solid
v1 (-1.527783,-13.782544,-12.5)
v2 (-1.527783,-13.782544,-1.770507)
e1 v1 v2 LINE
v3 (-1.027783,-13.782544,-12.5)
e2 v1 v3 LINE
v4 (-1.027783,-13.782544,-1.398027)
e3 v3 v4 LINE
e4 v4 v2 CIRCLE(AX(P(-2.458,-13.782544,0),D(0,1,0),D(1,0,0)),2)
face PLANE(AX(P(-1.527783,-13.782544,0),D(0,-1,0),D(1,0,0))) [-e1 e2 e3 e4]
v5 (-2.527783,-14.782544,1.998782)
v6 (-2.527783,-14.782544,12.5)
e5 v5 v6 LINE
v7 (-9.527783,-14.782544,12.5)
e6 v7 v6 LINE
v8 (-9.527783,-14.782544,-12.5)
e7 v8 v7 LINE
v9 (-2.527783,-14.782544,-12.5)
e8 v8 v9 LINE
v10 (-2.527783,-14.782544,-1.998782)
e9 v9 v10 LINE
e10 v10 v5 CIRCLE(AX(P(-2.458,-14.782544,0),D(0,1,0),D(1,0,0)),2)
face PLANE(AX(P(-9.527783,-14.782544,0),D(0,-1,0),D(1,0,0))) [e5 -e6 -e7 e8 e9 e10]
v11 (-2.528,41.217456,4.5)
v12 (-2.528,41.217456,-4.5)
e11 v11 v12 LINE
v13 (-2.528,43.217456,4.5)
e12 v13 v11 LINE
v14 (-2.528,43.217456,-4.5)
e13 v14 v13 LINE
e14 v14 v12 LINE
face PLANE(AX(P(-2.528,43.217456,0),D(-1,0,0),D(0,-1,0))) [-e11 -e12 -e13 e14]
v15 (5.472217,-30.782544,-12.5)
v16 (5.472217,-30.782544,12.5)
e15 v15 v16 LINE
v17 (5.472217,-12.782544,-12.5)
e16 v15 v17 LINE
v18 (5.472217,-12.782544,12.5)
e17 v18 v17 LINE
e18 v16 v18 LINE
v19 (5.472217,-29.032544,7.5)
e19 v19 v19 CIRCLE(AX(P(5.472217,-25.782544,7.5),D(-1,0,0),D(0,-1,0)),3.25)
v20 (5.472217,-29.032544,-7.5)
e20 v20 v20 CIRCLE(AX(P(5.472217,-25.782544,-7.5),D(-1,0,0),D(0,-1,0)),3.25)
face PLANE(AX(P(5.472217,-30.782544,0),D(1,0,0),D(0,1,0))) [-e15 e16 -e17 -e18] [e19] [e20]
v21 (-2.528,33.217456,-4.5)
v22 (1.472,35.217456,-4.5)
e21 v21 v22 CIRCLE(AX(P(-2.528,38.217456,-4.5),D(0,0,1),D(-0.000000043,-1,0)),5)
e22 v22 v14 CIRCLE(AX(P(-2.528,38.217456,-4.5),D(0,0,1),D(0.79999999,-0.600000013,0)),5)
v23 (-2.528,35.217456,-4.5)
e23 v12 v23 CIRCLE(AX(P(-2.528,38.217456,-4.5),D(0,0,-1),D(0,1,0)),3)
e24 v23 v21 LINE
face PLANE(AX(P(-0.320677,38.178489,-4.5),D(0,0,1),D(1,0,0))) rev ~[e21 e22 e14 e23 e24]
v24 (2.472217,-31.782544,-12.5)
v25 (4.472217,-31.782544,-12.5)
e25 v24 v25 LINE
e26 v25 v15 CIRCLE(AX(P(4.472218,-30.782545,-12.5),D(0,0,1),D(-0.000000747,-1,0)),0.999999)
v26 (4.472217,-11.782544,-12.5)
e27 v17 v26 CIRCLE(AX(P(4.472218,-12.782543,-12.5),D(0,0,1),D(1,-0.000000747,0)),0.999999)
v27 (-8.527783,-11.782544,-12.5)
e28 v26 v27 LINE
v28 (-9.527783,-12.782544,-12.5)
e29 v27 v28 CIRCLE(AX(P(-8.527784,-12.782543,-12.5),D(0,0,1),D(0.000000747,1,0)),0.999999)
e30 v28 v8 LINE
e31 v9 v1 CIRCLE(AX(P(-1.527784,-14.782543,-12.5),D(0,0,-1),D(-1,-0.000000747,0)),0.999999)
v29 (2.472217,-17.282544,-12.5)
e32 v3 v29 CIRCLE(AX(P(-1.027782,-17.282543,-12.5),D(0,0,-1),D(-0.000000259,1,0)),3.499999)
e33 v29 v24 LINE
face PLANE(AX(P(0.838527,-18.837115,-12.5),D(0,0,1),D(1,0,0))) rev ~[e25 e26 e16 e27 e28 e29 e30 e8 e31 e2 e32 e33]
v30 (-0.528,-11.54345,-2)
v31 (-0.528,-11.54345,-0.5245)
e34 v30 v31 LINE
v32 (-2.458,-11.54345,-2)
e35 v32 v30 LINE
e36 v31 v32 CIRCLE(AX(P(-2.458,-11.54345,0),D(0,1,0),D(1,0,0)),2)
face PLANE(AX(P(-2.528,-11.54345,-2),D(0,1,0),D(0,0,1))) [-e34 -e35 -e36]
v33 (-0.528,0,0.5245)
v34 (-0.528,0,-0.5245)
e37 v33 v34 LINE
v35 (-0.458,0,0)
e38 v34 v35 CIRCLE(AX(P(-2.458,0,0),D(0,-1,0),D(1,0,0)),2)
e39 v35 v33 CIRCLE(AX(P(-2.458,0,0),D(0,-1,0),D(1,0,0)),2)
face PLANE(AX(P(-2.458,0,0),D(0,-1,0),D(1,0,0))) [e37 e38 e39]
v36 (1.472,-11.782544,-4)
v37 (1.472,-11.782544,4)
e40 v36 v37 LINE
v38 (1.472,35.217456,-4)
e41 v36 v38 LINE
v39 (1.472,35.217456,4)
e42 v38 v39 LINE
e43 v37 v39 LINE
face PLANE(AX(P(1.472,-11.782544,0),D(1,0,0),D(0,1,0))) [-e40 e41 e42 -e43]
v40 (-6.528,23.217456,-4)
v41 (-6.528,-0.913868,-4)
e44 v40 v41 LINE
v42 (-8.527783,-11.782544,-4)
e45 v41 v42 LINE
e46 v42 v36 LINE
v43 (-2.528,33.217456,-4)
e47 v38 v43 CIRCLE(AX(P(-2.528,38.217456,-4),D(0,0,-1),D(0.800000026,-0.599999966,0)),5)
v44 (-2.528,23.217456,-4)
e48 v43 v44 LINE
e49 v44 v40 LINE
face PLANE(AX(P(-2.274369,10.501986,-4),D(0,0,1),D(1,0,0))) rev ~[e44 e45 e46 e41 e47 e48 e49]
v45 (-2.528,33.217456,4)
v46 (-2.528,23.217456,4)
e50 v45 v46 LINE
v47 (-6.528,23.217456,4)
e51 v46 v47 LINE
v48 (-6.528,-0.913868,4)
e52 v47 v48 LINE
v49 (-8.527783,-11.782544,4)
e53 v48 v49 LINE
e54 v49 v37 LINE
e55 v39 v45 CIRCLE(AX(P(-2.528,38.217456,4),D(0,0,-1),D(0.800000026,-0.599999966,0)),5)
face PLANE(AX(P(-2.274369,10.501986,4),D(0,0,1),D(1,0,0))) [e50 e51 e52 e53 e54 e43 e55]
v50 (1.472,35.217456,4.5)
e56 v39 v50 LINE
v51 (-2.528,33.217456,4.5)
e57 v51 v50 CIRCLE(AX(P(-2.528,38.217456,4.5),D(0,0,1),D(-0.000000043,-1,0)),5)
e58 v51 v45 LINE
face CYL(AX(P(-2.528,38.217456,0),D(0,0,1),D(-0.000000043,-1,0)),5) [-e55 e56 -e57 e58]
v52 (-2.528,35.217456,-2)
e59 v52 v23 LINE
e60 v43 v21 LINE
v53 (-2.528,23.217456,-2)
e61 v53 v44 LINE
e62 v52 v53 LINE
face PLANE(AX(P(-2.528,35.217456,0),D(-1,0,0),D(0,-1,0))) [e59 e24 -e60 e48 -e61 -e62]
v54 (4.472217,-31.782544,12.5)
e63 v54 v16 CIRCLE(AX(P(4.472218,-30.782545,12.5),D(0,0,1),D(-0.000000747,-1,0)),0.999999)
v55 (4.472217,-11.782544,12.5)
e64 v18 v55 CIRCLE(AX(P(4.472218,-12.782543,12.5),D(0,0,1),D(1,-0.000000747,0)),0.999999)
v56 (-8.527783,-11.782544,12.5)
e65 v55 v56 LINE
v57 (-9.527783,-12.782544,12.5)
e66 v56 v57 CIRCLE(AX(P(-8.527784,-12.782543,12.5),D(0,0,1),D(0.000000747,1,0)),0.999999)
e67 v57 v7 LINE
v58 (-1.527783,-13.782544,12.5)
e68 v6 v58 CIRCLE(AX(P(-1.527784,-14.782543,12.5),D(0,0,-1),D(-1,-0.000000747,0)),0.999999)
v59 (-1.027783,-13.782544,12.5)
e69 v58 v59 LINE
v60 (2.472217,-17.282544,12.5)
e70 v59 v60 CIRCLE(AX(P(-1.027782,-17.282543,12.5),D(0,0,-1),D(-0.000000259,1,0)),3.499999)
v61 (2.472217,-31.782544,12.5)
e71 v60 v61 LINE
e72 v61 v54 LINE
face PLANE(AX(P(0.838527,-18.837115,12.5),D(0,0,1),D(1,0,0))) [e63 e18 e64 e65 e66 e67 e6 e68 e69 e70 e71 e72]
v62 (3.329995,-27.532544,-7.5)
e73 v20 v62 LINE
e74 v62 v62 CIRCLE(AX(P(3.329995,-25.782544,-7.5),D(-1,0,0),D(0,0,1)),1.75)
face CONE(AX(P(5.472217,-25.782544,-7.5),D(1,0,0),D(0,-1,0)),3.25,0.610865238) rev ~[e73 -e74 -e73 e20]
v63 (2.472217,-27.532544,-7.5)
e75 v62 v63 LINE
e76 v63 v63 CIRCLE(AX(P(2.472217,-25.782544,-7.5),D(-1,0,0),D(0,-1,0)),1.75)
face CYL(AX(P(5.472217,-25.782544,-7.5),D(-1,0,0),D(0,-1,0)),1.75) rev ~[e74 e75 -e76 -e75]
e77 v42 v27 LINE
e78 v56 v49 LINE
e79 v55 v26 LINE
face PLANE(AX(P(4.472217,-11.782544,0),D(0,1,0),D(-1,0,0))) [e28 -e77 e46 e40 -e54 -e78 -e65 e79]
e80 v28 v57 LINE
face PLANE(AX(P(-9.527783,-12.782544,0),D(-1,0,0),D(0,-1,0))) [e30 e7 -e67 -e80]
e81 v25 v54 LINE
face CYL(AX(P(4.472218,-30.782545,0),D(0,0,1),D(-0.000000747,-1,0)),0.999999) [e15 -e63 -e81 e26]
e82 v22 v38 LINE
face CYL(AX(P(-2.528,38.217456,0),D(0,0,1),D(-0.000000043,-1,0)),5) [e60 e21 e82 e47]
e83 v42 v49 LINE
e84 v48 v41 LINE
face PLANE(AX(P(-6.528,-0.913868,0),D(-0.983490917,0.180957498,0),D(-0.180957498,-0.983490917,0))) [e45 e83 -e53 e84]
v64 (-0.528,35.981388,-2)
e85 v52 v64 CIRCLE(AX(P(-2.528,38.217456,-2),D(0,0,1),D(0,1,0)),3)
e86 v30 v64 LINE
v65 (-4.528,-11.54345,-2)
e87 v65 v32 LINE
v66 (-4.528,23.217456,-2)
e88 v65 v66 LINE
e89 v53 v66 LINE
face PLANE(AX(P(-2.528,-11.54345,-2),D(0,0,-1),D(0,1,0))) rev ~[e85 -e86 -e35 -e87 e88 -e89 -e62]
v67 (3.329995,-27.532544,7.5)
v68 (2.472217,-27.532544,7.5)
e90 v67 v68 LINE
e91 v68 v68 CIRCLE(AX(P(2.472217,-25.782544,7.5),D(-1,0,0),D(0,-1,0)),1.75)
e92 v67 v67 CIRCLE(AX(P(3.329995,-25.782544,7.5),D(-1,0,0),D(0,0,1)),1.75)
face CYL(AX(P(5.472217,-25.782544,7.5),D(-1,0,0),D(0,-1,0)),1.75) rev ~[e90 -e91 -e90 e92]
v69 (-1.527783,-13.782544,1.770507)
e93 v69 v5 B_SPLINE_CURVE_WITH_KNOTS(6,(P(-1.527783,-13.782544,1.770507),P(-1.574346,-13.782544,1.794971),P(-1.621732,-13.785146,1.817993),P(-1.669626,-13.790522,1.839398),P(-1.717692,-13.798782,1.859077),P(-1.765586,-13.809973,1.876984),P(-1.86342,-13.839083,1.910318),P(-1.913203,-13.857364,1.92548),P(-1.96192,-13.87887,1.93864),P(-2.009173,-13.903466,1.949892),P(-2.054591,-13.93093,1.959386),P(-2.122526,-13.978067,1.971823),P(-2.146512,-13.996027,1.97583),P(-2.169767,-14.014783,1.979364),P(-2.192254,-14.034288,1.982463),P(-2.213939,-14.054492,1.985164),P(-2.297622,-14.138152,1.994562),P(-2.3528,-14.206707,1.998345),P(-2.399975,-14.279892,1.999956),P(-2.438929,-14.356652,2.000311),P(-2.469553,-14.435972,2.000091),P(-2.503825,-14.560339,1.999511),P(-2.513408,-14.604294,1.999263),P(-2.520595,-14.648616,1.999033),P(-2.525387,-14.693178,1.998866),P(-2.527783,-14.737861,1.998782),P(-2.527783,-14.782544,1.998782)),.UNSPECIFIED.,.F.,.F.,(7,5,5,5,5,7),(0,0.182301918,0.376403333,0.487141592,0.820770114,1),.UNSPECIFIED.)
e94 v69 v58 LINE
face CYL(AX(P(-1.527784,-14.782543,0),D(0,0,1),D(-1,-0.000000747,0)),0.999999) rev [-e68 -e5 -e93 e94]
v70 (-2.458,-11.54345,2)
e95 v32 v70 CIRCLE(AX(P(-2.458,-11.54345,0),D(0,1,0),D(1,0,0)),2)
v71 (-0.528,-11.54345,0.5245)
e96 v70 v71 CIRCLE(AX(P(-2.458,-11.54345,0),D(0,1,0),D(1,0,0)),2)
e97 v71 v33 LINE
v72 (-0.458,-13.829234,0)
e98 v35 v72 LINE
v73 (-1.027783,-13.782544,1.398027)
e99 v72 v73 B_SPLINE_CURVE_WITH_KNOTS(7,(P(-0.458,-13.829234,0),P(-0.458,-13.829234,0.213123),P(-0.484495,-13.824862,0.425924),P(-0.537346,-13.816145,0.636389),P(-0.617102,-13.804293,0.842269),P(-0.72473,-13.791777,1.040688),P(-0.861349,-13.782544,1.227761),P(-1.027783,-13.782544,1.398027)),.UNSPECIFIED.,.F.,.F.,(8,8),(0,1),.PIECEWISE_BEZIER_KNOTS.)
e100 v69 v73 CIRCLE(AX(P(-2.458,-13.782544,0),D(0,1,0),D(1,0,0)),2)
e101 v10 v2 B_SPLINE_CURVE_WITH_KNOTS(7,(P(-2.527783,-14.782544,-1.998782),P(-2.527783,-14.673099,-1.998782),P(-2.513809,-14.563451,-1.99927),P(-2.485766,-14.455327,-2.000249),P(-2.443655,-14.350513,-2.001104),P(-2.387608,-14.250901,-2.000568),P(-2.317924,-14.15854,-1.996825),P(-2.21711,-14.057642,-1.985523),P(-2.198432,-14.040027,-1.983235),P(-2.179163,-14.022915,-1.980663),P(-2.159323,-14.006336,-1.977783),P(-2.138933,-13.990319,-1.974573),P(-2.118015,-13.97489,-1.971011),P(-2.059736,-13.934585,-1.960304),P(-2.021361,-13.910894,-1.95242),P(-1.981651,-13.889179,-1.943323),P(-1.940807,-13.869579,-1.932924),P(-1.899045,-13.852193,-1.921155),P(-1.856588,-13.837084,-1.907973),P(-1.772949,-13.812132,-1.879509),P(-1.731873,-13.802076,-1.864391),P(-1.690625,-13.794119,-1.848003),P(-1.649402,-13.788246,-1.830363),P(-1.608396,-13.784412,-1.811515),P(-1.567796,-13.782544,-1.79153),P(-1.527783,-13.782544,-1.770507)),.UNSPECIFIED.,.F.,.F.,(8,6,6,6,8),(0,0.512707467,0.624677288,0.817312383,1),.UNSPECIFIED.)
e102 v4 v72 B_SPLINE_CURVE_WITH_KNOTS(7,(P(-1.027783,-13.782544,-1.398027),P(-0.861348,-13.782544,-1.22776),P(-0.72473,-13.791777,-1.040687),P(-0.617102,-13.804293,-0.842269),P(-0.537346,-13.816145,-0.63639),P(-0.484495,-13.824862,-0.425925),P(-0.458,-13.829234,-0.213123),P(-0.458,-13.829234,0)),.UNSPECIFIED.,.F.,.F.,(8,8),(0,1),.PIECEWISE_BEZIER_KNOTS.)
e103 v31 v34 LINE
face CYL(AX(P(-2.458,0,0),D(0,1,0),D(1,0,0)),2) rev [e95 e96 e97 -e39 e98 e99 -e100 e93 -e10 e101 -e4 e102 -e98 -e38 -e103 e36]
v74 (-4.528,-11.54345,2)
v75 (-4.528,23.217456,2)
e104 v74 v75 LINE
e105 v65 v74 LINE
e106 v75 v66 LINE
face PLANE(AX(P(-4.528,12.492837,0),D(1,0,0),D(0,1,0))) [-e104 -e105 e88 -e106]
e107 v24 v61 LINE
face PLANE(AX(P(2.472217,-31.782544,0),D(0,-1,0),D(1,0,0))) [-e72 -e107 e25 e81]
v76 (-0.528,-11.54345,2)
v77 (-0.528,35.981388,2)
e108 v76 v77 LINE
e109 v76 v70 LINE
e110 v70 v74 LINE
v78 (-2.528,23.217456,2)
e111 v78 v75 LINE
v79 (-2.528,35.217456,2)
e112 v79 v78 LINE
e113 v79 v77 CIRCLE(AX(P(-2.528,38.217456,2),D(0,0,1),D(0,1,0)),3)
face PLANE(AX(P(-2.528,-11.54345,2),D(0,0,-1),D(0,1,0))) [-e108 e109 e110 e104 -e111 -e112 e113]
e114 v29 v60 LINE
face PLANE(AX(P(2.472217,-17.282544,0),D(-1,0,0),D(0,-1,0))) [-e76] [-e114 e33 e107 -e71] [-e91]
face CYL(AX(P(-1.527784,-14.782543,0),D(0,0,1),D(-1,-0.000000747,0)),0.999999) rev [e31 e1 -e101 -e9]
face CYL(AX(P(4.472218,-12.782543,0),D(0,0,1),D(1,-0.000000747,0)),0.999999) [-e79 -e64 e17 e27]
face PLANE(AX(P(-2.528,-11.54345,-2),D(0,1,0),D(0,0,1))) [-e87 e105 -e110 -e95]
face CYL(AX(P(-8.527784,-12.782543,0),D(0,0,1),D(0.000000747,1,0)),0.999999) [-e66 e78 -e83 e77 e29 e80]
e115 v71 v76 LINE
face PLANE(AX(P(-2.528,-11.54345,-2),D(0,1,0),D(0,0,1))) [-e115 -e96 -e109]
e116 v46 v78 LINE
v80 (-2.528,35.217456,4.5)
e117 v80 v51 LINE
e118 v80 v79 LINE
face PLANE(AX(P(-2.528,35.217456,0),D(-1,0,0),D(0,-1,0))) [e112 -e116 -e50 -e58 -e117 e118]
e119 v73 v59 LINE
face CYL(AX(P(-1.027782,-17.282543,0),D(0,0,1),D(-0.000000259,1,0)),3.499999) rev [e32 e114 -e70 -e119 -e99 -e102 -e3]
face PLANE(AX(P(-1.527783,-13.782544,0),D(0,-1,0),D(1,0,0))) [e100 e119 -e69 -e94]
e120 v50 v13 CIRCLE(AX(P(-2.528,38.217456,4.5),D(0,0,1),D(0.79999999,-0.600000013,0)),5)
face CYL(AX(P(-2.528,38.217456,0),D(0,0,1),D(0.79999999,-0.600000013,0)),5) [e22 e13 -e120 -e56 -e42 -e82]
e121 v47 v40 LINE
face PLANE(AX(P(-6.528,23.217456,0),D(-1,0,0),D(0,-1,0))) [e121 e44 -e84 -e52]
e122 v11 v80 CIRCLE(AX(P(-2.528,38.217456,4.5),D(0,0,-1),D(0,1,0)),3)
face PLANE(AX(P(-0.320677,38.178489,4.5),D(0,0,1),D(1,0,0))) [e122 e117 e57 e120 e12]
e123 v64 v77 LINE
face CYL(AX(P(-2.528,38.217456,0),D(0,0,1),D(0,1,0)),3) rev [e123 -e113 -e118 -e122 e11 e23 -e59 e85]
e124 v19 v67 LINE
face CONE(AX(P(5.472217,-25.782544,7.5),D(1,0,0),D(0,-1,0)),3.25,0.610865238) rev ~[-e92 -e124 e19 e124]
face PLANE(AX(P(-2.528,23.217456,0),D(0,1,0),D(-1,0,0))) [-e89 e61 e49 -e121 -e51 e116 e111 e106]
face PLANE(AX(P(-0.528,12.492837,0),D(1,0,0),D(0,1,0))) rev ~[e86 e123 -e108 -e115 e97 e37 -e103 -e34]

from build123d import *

# Parameters (mm, degrees)
F1_DEPTH       = 12.5
F3_D           = 3.5
F3_CSINK_D     = 6.5
F3_CSINK_ANGLE = 70
F4_DEPTH       = 4
F5_DEPTH       = 4.5
F7_W           = 48.072574
F7_H           = 4
F8_DEPTH       = 2
F9_R           = 2
F10_DEPTH      = 19.3


with BuildPart() as f1:
    # F0 (on Top) → F1 (new body, symmetric)
    with BuildSketch(Plane.XY):
        with BuildLine():
            Line((1.472, -11.782544), (-8.527783, -11.782544))
            ThreePointArc((-8.527783, -11.782544), (-9.23489, -12.075437), (-9.527783, -12.782544))
            Line((-9.527783, -12.782544), (-9.527783, -14.782544))
            Line((-9.527783, -14.782544), (-2.527783, -14.782544))
            ThreePointArc((-2.527783, -14.782544), (-2.23489, -14.075437), (-1.527783, -13.782544))
            Line((-1.527783, -13.782544), (-1.027783, -13.782544))
            ThreePointArc((-1.027783, -13.782544), (1.447091, -14.80767), (2.472217, -17.282544))
            Line((2.472217, -17.282544), (2.472217, -31.782544))
            Line((2.472217, -31.782544), (4.472217, -31.782544))
            ThreePointArc((4.472217, -31.782544), (5.179324, -31.489651), (5.472217, -30.782544))
            Line((5.472217, -30.782544), (5.472217, -12.782544))
            ThreePointArc((5.472217, -12.782544), (5.179324, -12.075437), (4.472217, -11.782544))
            Line((4.472217, -11.782544), (1.472, -11.782544))
        make_face()
    extrude(amount=F1_DEPTH, both=True)

    # F3 (through all)
    with Locations(Plane.YZ.offset(5.472217)):
        with Locations((-25.782544, 7.5), (-25.782544, -7.5)):
            CounterSinkHole(F3_D / 2, F3_CSINK_D / 2, counter_sink_angle=F3_CSINK_ANGLE)

    # F0 (on Top) → F4 (join, symmetric)
    with BuildSketch(Plane.XY):
        with BuildLine():
            Line((-6.528, -0.913868), (-8.527783, -11.782544))
            Line((-8.527783, -11.782544), (1.472, -11.782544))
            Line((1.472, -11.782544), (1.472, 35.217456))
            ThreePointArc((1.472, 35.217456), (-0.291932, 33.74532), (-2.528, 33.217456))
            Line((-2.528, 33.217456), (-2.528, 23.217456))
            Line((-2.528, 23.217456), (-6.528, 23.217456))
            Line((-6.528, 23.217456), (-6.528, -0.913868))
        make_face()
    extrude(amount=F4_DEPTH, both=True)

    # F0 (on Top) → F5 (join, symmetric)
    with BuildSketch(Plane.XY):
        with BuildLine():
            ThreePointArc((-2.528, 33.217456), (-0.291932, 33.74532), (1.472, 35.217456))
            ThreePointArc((1.472, 35.217456), (1.944136, 40.453524), (-2.528, 43.217456))
            Line((-2.528, 43.217456), (-2.528, 41.217456))
            ThreePointArc((-2.528, 41.217456), (0.472, 38.217456), (-2.528, 35.217456))
            Line((-2.528, 35.217456), (-2.528, 33.217456))
        make_face()
    extrude(amount=F5_DEPTH, both=True)

    # F7 (on offset) → F8 (cut, symmetric)
    with BuildSketch(Plane.YZ.offset(-2.528)):
        with Locations((12.492837, 0)):
            Rectangle(F7_W, F7_H)
    extrude(amount=F8_DEPTH, both=True, mode=Mode.SUBTRACT)

    # F9 (on Front) → F10 (cut)
    with BuildSketch(Plane.XZ):
        with Locations((-2.458, 0)):
            Circle(F9_R)
    extrude(amount=F10_DEPTH, mode=Mode.SUBTRACT)


solid = f1.part
